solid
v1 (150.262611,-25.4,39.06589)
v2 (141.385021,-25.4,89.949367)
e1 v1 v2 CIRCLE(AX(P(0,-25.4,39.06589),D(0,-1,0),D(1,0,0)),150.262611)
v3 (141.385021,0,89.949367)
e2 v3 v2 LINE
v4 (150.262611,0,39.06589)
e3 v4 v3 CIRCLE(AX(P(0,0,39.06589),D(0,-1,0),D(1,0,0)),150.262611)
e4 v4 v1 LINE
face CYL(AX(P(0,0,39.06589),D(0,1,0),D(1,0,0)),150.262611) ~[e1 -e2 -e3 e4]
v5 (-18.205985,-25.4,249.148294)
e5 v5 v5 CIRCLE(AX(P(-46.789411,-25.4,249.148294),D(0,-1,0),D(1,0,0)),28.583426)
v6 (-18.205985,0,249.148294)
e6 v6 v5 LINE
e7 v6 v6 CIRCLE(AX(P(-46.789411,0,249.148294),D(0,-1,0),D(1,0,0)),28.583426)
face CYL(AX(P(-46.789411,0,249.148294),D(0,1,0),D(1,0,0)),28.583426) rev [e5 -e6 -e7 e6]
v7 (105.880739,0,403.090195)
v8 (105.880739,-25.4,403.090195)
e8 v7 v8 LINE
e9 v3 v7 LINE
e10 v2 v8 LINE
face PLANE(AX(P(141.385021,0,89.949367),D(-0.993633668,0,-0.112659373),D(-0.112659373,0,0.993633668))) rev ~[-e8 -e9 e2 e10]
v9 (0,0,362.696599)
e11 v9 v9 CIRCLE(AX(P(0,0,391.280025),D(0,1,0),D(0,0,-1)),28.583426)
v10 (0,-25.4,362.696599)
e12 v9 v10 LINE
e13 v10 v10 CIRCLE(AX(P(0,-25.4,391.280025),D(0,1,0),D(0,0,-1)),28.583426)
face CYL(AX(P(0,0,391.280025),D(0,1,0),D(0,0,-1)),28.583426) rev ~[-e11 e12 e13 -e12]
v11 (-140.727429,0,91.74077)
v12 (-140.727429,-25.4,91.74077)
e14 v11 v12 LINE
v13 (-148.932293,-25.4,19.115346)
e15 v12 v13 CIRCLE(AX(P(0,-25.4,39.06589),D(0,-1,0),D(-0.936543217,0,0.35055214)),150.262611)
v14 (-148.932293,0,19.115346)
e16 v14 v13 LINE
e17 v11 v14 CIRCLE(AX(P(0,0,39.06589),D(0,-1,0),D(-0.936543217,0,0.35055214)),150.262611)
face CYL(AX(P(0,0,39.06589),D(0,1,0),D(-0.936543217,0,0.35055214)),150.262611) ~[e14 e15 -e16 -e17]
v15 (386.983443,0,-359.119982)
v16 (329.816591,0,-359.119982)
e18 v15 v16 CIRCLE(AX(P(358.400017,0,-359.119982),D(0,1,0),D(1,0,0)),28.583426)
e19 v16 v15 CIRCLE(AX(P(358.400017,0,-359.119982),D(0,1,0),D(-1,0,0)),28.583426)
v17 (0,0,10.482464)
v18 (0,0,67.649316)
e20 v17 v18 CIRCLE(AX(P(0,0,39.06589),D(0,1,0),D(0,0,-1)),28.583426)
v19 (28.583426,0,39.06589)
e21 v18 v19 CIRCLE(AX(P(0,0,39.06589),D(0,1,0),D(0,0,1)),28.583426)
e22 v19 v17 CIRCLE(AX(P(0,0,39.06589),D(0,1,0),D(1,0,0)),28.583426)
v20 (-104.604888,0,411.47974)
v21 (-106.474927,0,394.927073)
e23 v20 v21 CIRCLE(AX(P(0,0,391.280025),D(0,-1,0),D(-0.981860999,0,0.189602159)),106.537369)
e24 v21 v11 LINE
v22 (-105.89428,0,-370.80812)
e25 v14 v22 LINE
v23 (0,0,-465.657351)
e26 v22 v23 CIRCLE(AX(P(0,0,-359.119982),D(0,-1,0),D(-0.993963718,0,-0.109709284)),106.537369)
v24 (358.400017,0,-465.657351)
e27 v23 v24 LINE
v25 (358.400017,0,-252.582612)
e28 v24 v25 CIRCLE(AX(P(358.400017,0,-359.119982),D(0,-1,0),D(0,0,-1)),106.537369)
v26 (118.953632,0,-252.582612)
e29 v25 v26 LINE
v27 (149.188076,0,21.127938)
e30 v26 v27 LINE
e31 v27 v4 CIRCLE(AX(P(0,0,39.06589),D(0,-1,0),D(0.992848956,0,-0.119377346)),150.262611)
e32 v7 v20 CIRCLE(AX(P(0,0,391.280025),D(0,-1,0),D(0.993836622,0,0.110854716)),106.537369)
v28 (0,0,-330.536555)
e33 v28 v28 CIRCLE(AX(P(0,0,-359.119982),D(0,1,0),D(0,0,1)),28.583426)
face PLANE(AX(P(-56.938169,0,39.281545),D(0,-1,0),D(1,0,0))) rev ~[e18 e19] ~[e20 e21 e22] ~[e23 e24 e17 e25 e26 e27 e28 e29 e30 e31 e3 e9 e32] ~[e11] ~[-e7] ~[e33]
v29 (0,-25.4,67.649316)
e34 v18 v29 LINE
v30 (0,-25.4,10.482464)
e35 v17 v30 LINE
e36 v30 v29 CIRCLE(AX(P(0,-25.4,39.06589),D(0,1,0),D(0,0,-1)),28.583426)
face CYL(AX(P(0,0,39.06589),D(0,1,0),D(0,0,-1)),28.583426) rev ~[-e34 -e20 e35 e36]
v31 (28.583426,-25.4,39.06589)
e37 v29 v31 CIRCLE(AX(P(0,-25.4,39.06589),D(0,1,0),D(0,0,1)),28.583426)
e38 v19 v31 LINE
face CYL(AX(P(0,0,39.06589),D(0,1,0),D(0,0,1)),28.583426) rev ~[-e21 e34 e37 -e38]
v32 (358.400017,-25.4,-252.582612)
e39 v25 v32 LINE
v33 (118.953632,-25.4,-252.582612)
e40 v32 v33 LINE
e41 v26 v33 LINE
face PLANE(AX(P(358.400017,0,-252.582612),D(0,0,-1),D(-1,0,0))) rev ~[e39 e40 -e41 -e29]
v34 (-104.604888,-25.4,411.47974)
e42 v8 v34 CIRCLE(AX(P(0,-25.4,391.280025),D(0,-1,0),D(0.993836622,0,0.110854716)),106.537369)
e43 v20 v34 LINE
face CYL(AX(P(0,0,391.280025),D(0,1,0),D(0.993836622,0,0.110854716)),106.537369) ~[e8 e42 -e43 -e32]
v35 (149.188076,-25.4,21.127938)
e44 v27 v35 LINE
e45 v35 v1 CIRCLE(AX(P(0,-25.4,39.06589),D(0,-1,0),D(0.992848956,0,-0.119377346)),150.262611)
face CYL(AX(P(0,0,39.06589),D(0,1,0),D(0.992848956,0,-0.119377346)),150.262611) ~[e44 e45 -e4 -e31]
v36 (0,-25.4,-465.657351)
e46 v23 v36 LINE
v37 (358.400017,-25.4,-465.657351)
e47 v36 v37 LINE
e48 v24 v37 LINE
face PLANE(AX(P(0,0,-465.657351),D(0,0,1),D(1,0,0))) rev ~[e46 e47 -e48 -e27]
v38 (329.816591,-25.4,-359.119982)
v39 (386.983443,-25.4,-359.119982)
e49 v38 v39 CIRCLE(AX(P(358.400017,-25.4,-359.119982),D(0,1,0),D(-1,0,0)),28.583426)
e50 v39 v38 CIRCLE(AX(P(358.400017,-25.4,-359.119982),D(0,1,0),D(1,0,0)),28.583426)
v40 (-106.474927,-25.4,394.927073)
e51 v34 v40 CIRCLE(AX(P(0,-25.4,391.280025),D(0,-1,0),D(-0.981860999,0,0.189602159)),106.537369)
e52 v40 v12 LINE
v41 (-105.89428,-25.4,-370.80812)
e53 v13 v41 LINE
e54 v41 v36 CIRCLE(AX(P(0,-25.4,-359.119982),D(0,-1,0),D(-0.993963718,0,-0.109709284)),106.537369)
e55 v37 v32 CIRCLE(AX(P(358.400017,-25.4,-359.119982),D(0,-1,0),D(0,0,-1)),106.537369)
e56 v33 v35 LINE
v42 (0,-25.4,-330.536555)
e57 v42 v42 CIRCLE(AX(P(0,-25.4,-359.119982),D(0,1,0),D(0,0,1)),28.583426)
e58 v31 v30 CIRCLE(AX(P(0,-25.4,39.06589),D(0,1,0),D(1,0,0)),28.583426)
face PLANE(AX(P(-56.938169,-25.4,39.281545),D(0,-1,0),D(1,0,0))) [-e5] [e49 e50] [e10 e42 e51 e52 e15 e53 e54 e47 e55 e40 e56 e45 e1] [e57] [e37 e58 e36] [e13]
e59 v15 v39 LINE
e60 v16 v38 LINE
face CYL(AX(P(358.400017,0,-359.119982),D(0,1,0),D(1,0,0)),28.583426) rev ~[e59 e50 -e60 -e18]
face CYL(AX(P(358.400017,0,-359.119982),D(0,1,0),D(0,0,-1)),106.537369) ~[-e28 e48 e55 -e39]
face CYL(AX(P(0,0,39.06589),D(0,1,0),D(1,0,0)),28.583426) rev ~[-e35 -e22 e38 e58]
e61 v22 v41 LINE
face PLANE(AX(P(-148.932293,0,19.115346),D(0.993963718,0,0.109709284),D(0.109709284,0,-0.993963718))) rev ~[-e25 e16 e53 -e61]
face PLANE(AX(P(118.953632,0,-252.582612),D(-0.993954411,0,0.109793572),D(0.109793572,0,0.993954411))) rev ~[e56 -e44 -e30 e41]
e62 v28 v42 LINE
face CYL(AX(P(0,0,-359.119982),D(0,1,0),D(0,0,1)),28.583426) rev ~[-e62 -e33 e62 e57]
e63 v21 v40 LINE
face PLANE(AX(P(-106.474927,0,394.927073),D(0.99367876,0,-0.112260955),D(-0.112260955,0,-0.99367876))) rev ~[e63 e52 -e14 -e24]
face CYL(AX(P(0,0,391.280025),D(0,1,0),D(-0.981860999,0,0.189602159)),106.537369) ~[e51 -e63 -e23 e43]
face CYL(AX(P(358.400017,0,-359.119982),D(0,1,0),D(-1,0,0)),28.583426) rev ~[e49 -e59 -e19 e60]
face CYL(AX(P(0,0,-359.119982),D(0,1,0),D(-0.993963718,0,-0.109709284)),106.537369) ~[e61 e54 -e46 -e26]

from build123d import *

# Parameters (mm, degrees)
F0_R     = 28.5834260478
F1_DEPTH = 25.4


with BuildPart() as f1:
    # F0 (on Front) → F1 (new body)
    with BuildSketch(Plane.XZ):
        with BuildLine():
            Line((0, -111.1967209602), (0, 0))
            Line((0, 0), (0, 10.4824639664))
            ThreePointArc((0, 10.4824639664), (-28.5834260478, 39.0658900142), (0, 67.6493160619))
            Line((0, 67.6493160619), (0, 189.3285009885))
            ThreePointArc((0, 189.3285009885), (-85.6264774345, 162.5444655606), (-140.7274290539, 91.7407698783))
            Line((-140.7274290539, 91.7407698783), (-148.9322934456, 19.1153455136))
            ThreePointArc((-148.9322934456, 19.1153455136), (-98.9470346949, -74.0196377156), (0, -111.1967209602))
        make_face()
        with BuildLine():
            Line((0, 10.4824639664), (0, 0))
            Line((0, 0), (0, -111.1967209602))
            ThreePointArc((0, -111.1967209602), (99.7081962508, -73.3490905589), (149.1880764193, 21.1279383162))
            Line((149.1880764193, 21.1279383162), (141.38502058, 89.9493668256))
            ThreePointArc((141.38502058, 89.9493668256), (86.4088195027, 161.9982623535), (0, 189.3285009885))
            Line((0, 189.3285009885), (0, 67.6493160619))
            ThreePointArc((0, 67.6493160619), (20.2115343879, 59.2774244021), (28.5834260478, 39.0658900142))
            ThreePointArc((28.5834260478, 39.0658900142), (20.2115343879, 18.8543556262), (0, 10.4824639664))
        make_face()
        with BuildLine():
            ThreePointArc((149.1880764193, 21.1279383162), (99.7081962508, -73.3490905589), (0, -111.1967209602))
            Line((0, -111.1967209602), (0, -252.5826123669))
            Line((0, -252.5826123669), (118.9536322579, -252.5826123669))
            Line((118.9536322579, -252.5826123669), (149.1880764193, 21.1279383162))
        make_face()
        with BuildLine():
            Line((0, -252.5826123669), (0, -111.1967209602))
            ThreePointArc((0, -111.1967209602), (-98.9470346949, -74.0196377156), (-148.9322934456, 19.1153455136))
            Line((-148.9322934456, 19.1153455136), (-105.8942795707, -370.8081200368))
            ThreePointArc((-105.8942795707, -370.8081200368), (-79.3581582284, -288.0390857098), (0, -252.5826123669))
        make_face()
        with BuildLine():
            Line((118.9536322579, -252.5826123669), (0, -252.5826123669))
            ThreePointArc((0, -252.5826123669), (75.3332961831, -283.7866853442), (106.5373691604, -359.1199815273))
            Line((106.5373691604, -359.1199815273), (107.1853678233, -359.1199815273))
            Line((107.1853678233, -359.1199815273), (118.9536322579, -252.5826123669))
        make_face()
        with BuildLine():
            Line((0, -330.5365554796), (0, -252.5826123669))
            ThreePointArc((0, -252.5826123669), (-79.3581582284, -288.0390857098), (-105.8942795707, -370.8081200368))
            ThreePointArc((-105.8942795707, -370.8081200368), (-71.0808958175, -438.4781397557), (0, -465.6573506877))
            ThreePointArc((0, -465.6573506877), (75.3332961831, -434.4532777104), (106.5373691604, -359.1199815273))
            Line((106.5373691604, -359.1199815273), (28.5834260478, -359.1199815273))
            ThreePointArc((28.5834260478, -359.1199815273), (-20.2115343879, -379.3315159153), (0, -330.5365554796))
        make_face()
        with BuildLine():
            ThreePointArc((-140.7274290539, 91.7407698783), (-149.3127649454, 55.9345141776), (-148.9322934456, 19.1153455136))
            Line((-148.9322934456, 19.1153455136), (-140.7274290539, 91.7407698783))
        make_face()
        with BuildLine():
            Line((141.38502058, 89.9493668256), (149.1880764193, 21.1279383162))
            ThreePointArc((149.1880764193, 21.1279383162), (149.993736779, 30.0808366528), (150.2626109743, 39.0658900142))
            ThreePointArc((150.2626109743, 39.0658900142), (148.0265763332, 64.891941898), (141.38502058, 89.9493668256))
        make_face()
        with BuildLine():
            ThreePointArc((-140.7274290539, 91.7407698783), (-85.6264774345, 162.5444655606), (0, 189.3285009885))
            Line((0, 189.3285009885), (0, 284.7426560834))
            ThreePointArc((0, 284.7426560834), (-76.6118719963, 317.2473831402), (-106.4749269686, 394.9270726321))
            Line((-106.4749269686, 394.9270726321), (-140.7274290539, 91.7407698783))
        make_face()
        with Locations((-46.7894114554, 249.1482943296)):
            Circle(F0_R, mode=Mode.SUBTRACT)
        with BuildLine():
            Line((0, 284.7426560834), (0, 189.3285009885))
            ThreePointArc((0, 189.3285009885), (86.4088195027, 161.9982623535), (141.38502058, 89.9493668256))
            Line((141.38502058, 89.9493668256), (105.8807391162, 403.0901950914))
            ThreePointArc((105.8807391162, 403.0901950914), (106.3730849835, 397.1942300687), (106.5373691604, 391.2800252438))
            ThreePointArc((106.5373691604, 391.2800252438), (75.3332961831, 315.9467290607), (0, 284.7426560834))
        make_face()
        with BuildLine():
            Line((107.1853678233, -359.1199815273), (106.5373691604, -359.1199815273))
            ThreePointArc((106.5373691604, -359.1199815273), (75.3332961831, -434.4532777104), (0, -465.6573506877))
            Line((0, -465.6573506877), (358.4000170231, -465.6573506877))
            ThreePointArc((358.4000170231, -465.6573506877), (283.06672084, -434.4532777104), (251.8626478627, -359.1199815273))
            Line((251.8626478627, -359.1199815273), (107.1853678233, -359.1199815273))
        make_face()
        with BuildLine():
            Line((358.4000170231, -252.5826123669), (118.9536322579, -252.5826123669))
            Line((118.9536322579, -252.5826123669), (107.1853678233, -359.1199815273))
            Line((107.1853678233, -359.1199815273), (251.8626478627, -359.1199815273))
            ThreePointArc((251.8626478627, -359.1199815273), (283.06672084, -283.7866853442), (358.4000170231, -252.5826123669))
        make_face()
        with BuildLine():
            ThreePointArc((-106.4749269686, 394.9270726321), (-76.6118719963, 317.2473831402), (0, 284.7426560834))
            ThreePointArc((0, 284.7426560834), (75.3332961831, 315.9467290607), (106.5373691604, 391.2800252438))
            ThreePointArc((106.5373691604, 391.2800252438), (106.3730849835, 397.1942300687), (105.8807391162, 403.0901950914))
            ThreePointArc((105.8807391162, 403.0901950914), (4.2430021395, 497.7328690783), (-104.6048877063, 411.4797404785))
            Line((-104.6048877063, 411.4797404785), (-106.4749269686, 394.9270726321))
        make_face()
        with BuildLine():
            ThreePointArc((28.5834260478, 391.2800252438), (20.2115343879, 371.0684908558), (0, 362.696599196))
            ThreePointArc((0, 362.696599196), (-20.2115343879, 411.4915596317), (28.5834260478, 391.2800252438))
        make_face(mode=Mode.SUBTRACT)
        with BuildLine():
            ThreePointArc((464.9373861835, -359.1199815273), (433.7333132062, -283.7866853442), (358.4000170231, -252.5826123669))
            ThreePointArc((358.4000170231, -252.5826123669), (283.06672084, -283.7866853442), (251.8626478627, -359.1199815273))
            ThreePointArc((251.8626478627, -359.1199815273), (283.06672084, -434.4532777104), (358.4000170231, -465.6573506877))
            ThreePointArc((358.4000170231, -465.6573506877), (433.7333132062, -434.4532777104), (464.9373861835, -359.1199815273))
        make_face()
        with BuildLine():
            ThreePointArc((386.9834430709, -359.1199815273), (358.4000170231, -387.7034075751), (329.8165909753, -359.1199815273))
            ThreePointArc((329.8165909753, -359.1199815273), (358.4000170231, -330.5365554796), (386.9834430709, -359.1199815273))
        make_face(mode=Mode.SUBTRACT)
        with BuildLine():
            ThreePointArc((-104.6048877063, 411.4797404785), (-105.8639208796, 403.2400120168), (-106.4749269686, 394.9270726321))
            Line((-106.4749269686, 394.9270726321), (-104.6048877063, 411.4797404785))
        make_face()
        with BuildLine():
            ThreePointArc((106.5373691604, -359.1199815273), (75.3332961831, -283.7866853442), (0, -252.5826123669))
            Line((0, -252.5826123669), (0, -330.5365554796))
            ThreePointArc((0, -330.5365554796), (20.2115343879, -338.9084471394), (28.5834260478, -359.1199815273))
            Line((28.5834260478, -359.1199815273), (106.5373691604, -359.1199815273))
        make_face()
    extrude(amount=F1_DEPTH)


solid = f1.part
